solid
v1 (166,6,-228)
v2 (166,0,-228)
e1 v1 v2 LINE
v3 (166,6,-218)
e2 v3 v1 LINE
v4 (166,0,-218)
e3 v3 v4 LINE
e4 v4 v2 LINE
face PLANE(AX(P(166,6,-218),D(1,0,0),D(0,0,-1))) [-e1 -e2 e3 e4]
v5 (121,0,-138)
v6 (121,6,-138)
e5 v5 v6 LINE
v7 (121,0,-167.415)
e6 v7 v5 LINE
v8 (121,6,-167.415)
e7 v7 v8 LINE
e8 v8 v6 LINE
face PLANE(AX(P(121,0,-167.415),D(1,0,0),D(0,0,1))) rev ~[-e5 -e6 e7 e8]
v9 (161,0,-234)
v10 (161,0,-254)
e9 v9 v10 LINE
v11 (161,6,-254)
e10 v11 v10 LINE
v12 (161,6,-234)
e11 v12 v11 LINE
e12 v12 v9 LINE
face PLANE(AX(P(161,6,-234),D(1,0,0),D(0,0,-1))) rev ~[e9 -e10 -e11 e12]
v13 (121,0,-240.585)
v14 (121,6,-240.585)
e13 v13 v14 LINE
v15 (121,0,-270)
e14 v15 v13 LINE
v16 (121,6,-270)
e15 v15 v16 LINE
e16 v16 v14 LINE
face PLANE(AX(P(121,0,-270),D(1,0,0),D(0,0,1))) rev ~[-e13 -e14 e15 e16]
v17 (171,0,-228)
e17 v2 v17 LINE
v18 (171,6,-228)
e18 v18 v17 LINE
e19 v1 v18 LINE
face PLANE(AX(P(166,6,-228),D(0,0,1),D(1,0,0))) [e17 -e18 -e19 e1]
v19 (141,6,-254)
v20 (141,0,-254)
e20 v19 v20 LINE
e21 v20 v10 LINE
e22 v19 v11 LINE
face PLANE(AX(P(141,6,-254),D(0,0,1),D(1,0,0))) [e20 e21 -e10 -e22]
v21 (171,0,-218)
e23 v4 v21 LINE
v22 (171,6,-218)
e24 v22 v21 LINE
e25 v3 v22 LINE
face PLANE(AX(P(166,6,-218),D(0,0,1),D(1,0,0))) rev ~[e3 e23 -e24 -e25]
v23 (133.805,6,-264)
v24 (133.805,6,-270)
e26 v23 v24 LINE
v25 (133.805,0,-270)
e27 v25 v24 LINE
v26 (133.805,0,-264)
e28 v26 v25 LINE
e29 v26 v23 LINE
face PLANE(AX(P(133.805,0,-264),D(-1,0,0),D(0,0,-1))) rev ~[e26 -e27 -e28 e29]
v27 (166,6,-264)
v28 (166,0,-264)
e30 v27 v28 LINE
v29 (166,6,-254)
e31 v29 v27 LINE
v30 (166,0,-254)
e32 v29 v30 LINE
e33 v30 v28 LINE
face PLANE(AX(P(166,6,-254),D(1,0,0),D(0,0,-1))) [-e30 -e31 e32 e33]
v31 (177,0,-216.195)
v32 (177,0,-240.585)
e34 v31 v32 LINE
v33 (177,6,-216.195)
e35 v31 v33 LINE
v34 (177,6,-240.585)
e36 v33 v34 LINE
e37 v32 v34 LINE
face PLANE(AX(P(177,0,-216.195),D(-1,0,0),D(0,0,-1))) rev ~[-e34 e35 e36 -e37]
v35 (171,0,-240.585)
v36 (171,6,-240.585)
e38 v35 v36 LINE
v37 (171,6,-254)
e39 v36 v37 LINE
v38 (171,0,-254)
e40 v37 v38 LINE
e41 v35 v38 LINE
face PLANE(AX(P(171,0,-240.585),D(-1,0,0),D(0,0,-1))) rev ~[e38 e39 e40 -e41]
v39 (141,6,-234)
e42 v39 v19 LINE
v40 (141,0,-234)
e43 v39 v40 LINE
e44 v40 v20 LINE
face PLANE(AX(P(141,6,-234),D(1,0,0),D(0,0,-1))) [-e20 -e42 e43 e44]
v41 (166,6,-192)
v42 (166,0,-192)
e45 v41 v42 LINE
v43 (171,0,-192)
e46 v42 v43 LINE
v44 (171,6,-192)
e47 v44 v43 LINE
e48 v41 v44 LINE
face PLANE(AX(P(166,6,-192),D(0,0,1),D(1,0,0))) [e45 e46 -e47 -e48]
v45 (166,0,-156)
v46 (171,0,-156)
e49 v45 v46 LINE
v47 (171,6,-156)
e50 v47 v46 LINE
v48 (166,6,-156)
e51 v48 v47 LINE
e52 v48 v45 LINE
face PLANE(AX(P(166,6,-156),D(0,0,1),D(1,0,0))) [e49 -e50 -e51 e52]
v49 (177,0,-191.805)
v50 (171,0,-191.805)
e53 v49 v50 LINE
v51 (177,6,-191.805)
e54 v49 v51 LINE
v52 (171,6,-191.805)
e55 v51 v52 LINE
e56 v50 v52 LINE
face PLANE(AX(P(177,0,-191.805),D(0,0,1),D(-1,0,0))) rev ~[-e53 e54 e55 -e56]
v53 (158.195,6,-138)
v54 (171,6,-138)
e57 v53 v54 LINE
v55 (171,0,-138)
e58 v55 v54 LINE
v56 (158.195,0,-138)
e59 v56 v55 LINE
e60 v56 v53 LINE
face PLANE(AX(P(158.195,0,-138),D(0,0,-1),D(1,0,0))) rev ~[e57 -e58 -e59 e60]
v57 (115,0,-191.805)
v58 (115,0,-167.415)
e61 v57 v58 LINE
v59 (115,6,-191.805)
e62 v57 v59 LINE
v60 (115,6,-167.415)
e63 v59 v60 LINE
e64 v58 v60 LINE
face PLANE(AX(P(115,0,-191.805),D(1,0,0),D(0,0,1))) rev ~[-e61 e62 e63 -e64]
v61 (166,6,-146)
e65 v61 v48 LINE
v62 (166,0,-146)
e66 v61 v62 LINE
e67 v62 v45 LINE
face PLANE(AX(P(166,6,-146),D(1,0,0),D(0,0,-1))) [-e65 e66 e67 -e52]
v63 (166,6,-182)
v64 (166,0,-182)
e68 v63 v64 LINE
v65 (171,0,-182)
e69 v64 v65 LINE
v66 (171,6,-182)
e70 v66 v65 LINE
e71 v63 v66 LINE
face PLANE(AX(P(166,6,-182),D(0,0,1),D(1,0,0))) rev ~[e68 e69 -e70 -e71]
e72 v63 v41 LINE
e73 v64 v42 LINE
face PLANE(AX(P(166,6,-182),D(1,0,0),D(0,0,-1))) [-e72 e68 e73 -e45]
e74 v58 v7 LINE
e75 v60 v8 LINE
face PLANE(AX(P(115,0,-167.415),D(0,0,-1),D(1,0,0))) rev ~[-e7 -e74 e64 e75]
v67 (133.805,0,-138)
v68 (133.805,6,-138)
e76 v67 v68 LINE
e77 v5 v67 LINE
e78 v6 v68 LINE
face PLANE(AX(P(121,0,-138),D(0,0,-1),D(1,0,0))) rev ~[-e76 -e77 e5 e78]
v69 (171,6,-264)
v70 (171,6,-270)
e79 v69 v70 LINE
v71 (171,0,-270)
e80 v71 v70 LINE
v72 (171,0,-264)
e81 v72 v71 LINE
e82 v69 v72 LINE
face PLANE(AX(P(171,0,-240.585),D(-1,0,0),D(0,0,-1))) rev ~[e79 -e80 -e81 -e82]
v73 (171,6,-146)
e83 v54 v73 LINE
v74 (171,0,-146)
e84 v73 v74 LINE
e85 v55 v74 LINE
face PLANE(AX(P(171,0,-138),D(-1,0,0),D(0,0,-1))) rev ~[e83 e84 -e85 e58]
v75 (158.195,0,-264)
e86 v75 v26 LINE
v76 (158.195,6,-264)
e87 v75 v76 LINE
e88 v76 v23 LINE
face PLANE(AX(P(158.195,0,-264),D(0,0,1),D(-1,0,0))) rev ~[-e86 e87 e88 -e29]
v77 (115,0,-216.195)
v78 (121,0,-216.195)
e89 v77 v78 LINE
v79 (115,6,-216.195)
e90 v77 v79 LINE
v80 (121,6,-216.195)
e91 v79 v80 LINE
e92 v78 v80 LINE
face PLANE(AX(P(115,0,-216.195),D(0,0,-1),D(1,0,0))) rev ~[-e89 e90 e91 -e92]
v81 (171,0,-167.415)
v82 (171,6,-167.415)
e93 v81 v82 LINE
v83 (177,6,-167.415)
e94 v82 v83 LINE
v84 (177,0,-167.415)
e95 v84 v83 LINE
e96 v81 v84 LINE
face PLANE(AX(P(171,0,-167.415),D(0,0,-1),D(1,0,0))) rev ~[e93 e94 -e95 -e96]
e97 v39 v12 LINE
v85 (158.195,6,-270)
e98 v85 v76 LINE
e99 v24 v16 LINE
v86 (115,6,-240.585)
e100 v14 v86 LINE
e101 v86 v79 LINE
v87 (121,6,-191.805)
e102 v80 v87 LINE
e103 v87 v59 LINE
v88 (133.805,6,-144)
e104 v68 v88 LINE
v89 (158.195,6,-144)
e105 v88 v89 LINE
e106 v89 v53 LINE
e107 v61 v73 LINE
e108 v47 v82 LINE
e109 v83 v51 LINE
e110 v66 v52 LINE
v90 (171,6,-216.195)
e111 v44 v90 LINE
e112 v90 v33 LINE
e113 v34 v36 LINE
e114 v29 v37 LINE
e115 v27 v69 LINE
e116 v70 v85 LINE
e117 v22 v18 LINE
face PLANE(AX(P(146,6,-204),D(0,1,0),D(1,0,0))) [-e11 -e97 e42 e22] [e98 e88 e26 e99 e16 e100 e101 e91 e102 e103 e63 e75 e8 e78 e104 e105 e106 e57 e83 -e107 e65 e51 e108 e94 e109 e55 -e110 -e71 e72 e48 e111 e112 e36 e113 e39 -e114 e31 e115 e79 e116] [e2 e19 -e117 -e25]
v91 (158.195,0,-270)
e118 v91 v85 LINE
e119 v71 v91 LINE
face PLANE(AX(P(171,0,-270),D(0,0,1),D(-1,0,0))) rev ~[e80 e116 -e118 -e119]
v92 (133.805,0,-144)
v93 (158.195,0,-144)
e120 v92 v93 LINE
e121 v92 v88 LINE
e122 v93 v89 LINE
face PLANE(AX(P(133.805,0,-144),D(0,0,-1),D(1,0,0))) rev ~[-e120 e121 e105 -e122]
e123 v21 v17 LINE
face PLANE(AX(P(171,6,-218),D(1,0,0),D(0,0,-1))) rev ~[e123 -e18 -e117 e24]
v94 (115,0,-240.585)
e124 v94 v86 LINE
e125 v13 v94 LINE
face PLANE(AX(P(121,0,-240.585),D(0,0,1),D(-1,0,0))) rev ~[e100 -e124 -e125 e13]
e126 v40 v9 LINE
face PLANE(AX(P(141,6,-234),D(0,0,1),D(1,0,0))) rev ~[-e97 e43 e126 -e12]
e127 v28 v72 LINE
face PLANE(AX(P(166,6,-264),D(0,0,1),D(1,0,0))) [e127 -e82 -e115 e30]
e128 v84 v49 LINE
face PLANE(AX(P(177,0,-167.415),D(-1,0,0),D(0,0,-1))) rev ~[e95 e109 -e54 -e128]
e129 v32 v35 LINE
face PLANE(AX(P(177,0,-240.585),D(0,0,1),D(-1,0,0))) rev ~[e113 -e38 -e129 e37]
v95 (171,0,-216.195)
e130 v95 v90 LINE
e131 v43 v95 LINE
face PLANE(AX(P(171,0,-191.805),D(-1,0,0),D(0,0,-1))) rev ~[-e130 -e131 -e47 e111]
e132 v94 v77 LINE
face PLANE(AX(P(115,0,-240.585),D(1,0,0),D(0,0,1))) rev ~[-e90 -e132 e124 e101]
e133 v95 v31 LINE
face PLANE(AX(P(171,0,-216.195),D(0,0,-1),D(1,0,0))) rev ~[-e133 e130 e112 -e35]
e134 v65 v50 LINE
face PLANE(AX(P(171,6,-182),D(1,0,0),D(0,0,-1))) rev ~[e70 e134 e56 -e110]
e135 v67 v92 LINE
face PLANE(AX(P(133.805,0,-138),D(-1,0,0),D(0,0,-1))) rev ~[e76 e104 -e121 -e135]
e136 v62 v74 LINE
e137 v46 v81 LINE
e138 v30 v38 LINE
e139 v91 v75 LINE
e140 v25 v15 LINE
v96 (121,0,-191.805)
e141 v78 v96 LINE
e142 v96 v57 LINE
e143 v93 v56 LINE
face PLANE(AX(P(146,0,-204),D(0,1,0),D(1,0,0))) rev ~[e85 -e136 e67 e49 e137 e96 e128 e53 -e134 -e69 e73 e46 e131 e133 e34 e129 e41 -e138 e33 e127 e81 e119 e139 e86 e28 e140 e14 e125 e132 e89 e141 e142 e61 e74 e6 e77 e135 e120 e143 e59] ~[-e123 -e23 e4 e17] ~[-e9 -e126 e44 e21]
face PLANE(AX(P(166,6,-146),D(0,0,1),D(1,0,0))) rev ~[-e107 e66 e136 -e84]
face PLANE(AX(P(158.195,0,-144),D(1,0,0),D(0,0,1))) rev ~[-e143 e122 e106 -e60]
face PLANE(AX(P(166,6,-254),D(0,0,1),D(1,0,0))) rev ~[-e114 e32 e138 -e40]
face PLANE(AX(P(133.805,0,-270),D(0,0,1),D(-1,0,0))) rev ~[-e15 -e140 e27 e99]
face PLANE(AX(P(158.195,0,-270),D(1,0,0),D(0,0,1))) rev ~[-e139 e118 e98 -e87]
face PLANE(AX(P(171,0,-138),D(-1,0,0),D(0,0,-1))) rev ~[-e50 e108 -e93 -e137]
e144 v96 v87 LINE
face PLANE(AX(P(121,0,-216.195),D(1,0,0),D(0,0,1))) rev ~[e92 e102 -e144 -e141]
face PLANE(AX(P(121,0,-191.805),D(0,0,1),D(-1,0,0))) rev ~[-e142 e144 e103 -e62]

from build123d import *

# Parameters (mm, degrees)
BOSS_EXTRUDE1_DEPTH = 6
SKETCH3_W           = 20
SKETCH3_H           = 20
SKETCH3_W_2         = 5
SKETCH3_H_2         = 10
CUT_EXTRUDE1_DEPTH  = 6


with BuildPart() as part:
    # Sketch2 → Boss-Extrude1 (new body)
    with BuildSketch(Plane(origin=(0, 0, 0), x_dir=(1, 0, 0), z_dir=(0, 1, 0))):
        Polygon((121, 270), (121, 240.585), (115, 240.585), (115, 216.195), (121, 216.195), (121, 191.805), (115, 191.805), (115, 167.415), (121, 167.415), (121, 143.025), (121, 138), (133.805, 138), (133.805, 144), (158.195, 144), (158.195, 138), (171, 138), (171, 167.415), (177, 167.415), (177, 191.805), (171, 191.805), (171, 216.195), (177, 216.195), (177, 240.585), (171, 240.585), (171, 264.975), (171, 270), (158.195, 270), (158.195, 264), (133.805, 264), (133.805, 270), align=None)
    extrude(amount=BOSS_EXTRUDE1_DEPTH)

    # Sketch3 → Cut-Extrude1 (cut)
    with BuildSketch(Plane(origin=(0, 6, 0), x_dir=(1, 0, 0), z_dir=(0, 1, 0))):
        with Locations((151, 244)):
            Rectangle(SKETCH3_W, SKETCH3_H)
        with Locations((168.5, 223)):
            Rectangle(SKETCH3_W_2, SKETCH3_H_2)
        with Locations((168.5, 259)):
            Rectangle(SKETCH3_W_2, SKETCH3_H_2)
        with Locations((168.5, 187)):
            Rectangle(SKETCH3_W_2, SKETCH3_H_2)
        with Locations((168.5, 151)):
            Rectangle(SKETCH3_W_2, SKETCH3_H_2)
    extrude(amount=-CUT_EXTRUDE1_DEPTH, mode=Mode.SUBTRACT)


solid = part.part
